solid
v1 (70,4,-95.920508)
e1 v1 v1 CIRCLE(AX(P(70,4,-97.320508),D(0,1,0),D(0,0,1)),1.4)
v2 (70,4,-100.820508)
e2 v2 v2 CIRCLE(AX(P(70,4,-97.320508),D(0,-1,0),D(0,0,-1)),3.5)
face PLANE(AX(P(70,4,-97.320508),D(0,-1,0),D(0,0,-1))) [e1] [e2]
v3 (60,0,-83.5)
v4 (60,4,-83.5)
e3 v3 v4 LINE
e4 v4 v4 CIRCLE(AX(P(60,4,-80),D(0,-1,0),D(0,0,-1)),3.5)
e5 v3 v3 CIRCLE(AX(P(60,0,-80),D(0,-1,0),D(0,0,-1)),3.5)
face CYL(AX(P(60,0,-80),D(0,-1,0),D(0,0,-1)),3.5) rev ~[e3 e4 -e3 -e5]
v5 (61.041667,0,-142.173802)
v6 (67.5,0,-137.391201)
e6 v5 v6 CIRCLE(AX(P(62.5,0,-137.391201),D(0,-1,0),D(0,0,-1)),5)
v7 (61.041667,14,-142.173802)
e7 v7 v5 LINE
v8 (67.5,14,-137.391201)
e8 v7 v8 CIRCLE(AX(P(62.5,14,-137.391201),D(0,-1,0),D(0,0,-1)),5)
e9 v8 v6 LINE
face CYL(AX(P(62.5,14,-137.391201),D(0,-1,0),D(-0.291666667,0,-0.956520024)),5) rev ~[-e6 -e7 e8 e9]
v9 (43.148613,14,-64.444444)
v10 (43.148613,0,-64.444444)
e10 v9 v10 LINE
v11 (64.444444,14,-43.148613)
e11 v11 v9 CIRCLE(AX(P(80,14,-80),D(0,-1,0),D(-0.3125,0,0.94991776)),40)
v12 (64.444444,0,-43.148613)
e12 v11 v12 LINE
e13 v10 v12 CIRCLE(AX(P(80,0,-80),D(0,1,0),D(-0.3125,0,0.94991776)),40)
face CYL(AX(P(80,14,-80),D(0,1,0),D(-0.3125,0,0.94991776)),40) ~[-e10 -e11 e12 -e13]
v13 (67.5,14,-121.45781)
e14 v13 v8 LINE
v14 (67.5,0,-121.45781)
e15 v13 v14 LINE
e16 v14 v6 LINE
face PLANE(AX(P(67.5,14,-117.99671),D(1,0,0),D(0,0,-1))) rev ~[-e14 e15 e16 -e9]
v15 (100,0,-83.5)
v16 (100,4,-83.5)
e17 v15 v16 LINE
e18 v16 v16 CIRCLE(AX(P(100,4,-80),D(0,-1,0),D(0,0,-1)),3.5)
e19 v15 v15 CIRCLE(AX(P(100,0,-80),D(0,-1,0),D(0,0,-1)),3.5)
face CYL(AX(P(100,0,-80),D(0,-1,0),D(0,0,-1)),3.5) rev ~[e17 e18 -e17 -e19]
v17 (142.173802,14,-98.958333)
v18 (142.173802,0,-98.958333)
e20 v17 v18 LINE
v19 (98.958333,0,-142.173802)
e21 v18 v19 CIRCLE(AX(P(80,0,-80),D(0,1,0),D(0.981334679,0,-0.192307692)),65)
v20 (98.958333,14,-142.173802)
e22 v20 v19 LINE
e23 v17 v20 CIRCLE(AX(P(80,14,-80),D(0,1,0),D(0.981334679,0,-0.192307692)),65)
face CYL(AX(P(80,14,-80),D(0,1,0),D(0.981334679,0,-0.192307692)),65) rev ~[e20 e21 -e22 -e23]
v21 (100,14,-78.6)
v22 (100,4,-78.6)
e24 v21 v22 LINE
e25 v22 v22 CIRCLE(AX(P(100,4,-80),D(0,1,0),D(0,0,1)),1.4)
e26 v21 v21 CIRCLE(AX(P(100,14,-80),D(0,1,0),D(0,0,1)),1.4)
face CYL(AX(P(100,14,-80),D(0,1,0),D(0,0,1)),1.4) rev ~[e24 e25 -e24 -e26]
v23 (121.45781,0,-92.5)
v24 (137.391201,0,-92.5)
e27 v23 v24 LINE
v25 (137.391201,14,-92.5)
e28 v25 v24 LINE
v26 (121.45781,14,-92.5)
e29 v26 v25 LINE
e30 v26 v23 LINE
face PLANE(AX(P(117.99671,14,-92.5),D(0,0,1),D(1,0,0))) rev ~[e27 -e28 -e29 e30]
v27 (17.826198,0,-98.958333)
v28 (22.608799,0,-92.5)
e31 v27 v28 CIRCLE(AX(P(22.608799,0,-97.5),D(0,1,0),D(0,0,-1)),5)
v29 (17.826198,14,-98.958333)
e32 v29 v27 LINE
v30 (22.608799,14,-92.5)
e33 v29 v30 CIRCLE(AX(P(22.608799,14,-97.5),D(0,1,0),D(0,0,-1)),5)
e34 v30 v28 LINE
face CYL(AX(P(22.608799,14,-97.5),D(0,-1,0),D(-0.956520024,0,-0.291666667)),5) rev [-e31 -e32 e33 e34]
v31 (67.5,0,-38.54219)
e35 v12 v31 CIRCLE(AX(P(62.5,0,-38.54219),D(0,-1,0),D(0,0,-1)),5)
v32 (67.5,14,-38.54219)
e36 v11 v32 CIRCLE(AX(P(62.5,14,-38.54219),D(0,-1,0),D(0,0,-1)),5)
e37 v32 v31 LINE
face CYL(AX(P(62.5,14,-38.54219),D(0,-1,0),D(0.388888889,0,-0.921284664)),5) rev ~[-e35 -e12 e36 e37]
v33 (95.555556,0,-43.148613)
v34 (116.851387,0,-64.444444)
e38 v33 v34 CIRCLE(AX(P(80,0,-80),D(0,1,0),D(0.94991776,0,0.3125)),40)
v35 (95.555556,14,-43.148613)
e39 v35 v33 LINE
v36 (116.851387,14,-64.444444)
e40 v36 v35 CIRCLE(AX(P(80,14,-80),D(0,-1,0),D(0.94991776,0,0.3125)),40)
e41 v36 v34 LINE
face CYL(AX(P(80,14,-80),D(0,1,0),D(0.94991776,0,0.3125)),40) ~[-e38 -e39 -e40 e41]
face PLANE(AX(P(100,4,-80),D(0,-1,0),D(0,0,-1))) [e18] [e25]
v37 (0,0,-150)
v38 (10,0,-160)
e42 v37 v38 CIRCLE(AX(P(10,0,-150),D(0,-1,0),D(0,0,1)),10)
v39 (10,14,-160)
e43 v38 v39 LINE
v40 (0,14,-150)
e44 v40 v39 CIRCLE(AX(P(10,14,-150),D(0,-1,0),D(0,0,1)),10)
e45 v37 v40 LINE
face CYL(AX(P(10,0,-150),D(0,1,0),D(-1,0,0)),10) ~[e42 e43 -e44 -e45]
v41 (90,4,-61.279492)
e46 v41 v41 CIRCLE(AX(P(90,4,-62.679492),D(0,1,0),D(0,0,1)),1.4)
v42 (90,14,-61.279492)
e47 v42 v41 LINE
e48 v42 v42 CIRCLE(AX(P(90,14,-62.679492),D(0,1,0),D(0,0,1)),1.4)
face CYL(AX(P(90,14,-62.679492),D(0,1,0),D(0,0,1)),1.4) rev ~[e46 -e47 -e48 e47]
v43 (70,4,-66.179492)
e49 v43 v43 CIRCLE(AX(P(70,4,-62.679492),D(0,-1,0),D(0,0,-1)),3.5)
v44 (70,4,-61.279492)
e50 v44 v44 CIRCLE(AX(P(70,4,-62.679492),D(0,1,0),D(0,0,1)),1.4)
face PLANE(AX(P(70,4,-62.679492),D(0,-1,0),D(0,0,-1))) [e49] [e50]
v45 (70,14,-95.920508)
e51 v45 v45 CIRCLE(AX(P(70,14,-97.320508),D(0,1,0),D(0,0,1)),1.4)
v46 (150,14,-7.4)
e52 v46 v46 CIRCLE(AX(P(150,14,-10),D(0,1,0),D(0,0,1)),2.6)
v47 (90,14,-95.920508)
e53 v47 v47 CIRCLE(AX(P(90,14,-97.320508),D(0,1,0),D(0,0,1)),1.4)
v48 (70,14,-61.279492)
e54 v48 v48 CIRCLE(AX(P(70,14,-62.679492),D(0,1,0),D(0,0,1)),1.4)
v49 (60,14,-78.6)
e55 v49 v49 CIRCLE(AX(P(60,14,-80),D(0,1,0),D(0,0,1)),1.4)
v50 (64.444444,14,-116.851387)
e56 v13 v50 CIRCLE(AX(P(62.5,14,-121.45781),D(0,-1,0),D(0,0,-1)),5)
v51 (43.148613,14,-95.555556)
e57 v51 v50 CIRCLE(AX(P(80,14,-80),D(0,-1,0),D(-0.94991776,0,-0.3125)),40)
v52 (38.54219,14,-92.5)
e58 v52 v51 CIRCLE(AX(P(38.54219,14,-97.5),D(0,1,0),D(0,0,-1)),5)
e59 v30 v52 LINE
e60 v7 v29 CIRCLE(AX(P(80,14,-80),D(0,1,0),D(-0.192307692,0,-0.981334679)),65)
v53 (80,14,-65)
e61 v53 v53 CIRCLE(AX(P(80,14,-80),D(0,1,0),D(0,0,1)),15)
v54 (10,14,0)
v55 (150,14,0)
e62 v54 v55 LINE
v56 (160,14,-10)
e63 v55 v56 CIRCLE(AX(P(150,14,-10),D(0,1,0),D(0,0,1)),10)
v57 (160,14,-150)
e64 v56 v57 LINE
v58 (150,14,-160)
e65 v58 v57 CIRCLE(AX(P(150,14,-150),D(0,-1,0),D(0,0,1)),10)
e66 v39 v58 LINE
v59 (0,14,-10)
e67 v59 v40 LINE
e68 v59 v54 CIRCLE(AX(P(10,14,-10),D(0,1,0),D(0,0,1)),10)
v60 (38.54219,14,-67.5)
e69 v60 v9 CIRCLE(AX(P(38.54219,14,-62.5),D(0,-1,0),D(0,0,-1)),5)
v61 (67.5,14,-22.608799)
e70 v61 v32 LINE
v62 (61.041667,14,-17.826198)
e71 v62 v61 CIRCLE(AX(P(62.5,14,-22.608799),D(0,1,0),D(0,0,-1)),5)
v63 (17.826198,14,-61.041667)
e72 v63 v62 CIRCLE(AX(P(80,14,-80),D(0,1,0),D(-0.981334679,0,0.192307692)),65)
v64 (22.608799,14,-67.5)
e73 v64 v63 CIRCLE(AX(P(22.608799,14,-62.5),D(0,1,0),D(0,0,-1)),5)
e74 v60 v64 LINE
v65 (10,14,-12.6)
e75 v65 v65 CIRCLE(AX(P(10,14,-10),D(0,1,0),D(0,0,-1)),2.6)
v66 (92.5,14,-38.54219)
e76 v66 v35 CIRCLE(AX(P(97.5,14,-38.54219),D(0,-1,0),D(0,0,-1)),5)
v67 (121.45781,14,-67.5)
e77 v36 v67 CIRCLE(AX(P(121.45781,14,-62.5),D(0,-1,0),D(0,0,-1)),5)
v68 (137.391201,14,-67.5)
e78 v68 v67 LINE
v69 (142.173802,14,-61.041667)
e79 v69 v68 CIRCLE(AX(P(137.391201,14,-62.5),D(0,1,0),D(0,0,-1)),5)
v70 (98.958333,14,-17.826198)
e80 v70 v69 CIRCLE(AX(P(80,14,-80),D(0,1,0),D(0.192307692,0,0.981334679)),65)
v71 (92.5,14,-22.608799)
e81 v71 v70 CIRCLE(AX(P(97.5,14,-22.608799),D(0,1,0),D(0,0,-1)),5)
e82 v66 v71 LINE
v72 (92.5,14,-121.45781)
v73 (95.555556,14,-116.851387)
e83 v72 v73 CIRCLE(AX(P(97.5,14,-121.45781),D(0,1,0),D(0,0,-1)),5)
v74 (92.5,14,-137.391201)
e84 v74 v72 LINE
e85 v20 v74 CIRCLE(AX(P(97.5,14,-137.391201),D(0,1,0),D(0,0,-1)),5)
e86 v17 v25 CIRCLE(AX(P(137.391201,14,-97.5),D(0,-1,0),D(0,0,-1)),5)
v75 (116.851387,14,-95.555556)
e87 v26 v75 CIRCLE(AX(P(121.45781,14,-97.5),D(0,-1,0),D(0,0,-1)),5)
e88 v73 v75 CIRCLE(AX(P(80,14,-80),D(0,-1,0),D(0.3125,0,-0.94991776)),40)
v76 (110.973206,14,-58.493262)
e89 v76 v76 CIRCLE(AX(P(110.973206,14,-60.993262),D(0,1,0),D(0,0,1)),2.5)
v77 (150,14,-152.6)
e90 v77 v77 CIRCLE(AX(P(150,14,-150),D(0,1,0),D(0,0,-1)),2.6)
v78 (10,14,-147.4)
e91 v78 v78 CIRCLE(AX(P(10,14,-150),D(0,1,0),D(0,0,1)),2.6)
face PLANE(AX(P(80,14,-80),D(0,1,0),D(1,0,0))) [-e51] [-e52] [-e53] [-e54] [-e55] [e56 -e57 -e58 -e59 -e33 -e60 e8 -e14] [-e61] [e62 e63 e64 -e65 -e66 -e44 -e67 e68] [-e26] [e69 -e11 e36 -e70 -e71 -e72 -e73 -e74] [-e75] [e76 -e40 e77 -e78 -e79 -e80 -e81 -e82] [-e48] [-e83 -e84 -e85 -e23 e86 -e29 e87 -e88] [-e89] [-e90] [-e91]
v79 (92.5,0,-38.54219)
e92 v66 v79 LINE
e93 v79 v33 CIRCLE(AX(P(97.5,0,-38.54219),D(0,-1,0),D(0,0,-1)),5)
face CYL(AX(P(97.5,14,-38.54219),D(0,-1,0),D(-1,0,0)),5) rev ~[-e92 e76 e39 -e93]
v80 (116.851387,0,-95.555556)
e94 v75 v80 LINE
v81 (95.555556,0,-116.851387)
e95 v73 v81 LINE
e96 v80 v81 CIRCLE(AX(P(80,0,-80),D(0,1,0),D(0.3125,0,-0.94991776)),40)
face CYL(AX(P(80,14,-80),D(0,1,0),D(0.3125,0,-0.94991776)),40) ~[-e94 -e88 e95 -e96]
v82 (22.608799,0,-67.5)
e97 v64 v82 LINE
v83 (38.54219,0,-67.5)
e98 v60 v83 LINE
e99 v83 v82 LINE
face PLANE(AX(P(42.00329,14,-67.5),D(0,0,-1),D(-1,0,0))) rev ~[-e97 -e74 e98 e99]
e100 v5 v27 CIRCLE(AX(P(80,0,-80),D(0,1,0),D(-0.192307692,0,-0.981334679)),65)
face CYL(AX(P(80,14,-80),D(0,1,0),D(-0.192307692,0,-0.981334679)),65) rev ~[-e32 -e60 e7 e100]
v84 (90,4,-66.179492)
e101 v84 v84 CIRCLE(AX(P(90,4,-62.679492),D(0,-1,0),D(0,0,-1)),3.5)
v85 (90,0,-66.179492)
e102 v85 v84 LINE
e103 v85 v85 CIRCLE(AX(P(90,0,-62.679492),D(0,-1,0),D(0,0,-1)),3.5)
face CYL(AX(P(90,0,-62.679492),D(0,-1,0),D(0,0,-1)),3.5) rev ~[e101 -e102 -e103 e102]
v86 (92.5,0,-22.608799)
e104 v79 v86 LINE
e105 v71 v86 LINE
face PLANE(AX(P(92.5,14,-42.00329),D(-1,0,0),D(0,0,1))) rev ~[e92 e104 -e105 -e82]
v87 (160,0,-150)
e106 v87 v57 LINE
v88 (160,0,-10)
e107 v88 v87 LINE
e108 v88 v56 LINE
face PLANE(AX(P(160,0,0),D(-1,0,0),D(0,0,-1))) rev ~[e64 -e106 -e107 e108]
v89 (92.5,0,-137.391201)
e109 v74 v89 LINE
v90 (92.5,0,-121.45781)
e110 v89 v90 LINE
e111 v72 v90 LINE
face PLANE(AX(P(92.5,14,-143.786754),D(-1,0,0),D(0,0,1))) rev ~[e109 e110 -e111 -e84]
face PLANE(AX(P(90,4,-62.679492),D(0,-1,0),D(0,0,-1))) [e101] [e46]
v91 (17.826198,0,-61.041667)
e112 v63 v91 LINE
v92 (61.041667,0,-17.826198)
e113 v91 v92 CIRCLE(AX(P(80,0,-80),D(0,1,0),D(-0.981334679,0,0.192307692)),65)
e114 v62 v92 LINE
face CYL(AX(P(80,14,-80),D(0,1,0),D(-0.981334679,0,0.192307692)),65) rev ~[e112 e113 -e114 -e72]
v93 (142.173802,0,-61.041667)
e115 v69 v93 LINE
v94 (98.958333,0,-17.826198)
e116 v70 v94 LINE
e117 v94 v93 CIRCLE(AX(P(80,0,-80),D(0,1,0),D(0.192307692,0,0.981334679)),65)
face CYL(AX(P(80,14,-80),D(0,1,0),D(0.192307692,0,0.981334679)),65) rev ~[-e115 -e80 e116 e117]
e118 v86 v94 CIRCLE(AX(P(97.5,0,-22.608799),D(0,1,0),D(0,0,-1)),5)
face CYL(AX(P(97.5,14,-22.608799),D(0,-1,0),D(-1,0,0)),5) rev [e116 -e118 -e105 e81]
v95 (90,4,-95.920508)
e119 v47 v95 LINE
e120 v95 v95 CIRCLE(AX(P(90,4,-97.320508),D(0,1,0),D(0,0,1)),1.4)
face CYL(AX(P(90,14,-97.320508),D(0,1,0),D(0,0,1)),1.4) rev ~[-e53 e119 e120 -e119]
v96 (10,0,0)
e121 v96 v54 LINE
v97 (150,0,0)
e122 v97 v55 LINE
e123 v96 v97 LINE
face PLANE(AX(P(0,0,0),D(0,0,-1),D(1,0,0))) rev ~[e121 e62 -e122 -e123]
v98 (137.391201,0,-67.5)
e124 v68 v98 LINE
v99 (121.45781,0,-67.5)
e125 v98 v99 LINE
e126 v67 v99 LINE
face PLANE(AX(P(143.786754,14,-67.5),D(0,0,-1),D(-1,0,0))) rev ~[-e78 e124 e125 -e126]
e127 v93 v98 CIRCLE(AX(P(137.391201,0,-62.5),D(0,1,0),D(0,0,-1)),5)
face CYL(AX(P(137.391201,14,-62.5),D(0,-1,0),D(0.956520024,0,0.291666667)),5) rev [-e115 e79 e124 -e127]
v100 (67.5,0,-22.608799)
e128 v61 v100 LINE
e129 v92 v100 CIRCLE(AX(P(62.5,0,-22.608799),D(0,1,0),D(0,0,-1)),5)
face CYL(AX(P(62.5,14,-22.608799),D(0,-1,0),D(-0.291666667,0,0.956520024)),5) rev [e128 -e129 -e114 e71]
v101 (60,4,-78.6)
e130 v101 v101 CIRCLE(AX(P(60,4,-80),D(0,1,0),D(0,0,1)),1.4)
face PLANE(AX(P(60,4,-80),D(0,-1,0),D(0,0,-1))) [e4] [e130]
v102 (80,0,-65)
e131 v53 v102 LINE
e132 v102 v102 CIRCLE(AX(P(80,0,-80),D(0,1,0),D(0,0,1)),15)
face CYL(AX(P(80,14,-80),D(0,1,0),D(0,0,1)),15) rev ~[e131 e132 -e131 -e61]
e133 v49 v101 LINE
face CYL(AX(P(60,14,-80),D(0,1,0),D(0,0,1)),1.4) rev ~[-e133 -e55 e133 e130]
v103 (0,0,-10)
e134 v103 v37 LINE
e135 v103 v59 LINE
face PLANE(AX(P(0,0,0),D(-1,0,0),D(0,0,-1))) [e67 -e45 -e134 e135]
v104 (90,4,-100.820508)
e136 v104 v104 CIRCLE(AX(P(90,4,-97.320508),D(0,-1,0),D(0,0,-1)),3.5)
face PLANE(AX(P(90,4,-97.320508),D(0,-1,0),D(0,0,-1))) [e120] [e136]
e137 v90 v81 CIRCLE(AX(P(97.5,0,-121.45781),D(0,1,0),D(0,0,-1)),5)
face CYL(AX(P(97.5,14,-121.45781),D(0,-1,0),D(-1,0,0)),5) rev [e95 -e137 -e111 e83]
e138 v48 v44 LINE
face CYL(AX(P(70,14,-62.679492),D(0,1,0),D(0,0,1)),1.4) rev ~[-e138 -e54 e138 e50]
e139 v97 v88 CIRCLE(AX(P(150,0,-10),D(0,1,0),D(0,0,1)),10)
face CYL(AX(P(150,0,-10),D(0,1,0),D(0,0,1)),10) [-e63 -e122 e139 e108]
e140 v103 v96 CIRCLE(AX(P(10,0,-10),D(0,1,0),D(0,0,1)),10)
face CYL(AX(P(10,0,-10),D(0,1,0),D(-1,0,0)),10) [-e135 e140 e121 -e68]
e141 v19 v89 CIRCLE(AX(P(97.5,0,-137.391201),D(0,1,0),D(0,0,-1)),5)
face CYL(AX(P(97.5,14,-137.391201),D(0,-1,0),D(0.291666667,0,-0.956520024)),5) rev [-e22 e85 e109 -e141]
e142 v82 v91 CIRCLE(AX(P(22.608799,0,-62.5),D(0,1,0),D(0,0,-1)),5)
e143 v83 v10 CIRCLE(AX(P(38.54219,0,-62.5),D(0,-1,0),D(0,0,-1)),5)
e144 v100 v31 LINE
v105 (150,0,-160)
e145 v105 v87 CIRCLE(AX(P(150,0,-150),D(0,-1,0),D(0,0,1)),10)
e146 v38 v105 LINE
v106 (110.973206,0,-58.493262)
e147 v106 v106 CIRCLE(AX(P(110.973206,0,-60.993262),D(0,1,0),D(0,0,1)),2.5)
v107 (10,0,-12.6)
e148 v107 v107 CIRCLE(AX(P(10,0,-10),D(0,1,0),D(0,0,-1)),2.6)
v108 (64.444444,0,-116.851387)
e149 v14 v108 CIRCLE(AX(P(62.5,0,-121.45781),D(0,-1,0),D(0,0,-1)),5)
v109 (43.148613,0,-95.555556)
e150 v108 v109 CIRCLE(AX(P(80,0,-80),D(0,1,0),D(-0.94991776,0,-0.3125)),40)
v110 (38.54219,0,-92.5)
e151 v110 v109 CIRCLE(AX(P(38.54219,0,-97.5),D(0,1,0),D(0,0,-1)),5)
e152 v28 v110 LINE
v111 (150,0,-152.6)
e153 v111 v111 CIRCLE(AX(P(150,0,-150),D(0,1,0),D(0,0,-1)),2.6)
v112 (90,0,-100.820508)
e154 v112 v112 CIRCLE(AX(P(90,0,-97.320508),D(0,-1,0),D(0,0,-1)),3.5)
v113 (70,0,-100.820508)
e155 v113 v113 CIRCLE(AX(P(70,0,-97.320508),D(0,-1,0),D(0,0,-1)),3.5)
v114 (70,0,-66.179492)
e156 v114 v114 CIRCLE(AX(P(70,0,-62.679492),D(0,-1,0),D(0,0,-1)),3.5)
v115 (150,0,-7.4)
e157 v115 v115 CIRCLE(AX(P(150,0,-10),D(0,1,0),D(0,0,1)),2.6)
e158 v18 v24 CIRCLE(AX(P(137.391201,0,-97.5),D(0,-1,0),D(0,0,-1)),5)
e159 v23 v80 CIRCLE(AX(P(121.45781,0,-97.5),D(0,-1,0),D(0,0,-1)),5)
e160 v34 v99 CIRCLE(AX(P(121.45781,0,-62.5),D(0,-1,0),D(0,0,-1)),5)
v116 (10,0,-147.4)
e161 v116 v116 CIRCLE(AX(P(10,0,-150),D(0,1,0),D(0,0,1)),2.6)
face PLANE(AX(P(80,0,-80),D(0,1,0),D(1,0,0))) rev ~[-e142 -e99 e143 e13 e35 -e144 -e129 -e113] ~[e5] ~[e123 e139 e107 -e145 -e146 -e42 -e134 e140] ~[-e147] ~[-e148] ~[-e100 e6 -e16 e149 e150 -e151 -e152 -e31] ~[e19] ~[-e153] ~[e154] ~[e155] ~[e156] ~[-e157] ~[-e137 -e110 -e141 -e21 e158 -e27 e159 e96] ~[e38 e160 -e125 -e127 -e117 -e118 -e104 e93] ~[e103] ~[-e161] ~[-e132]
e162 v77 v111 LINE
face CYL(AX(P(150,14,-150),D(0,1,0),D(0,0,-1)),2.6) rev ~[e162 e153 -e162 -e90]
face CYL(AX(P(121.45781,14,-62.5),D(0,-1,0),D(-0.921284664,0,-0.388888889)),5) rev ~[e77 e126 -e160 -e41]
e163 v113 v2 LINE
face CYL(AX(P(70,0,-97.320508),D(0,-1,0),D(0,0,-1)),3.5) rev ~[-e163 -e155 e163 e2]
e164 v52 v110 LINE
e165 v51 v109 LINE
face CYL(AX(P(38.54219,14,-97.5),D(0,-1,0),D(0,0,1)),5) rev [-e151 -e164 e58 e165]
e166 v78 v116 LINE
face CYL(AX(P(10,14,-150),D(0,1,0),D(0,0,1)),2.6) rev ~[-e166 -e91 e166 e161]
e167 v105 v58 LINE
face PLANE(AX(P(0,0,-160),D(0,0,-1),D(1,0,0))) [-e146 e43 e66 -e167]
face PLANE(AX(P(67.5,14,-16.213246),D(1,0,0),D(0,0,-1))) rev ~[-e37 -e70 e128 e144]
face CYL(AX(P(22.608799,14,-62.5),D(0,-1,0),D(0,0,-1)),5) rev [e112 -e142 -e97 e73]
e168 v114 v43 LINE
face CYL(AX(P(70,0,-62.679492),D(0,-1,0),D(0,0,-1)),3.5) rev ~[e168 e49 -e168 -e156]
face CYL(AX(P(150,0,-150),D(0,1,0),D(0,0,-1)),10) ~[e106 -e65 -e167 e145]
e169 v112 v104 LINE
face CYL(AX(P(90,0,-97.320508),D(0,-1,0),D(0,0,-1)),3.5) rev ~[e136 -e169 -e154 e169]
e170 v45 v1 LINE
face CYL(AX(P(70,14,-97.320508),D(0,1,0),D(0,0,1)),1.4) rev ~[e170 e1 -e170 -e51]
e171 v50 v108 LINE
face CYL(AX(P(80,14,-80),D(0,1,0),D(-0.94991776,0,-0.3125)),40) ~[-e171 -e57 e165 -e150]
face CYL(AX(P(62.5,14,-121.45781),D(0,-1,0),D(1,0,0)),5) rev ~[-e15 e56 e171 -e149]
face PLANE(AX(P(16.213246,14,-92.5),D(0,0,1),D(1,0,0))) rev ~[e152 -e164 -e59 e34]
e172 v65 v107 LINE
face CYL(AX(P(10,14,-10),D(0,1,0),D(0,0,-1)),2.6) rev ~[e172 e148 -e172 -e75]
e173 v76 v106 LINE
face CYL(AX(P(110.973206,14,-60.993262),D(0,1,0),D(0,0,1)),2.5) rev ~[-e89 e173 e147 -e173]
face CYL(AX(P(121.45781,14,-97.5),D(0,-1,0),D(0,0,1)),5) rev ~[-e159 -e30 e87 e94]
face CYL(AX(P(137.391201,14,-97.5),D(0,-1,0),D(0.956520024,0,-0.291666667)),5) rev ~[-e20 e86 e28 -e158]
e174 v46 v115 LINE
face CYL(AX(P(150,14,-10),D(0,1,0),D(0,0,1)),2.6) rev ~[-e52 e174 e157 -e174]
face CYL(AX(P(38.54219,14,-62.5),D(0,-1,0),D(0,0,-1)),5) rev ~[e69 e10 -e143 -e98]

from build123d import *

# Parameters (mm, degrees)
SKETCH_1_W          = 160
SKETCH_1_H          = 160
EXTRUDE_1_DEPTH     = 14
SKETCH_2_R          = 15
SKETCH_2_R_2        = 1.4
CUT_EXTRUDE_1_DEPTH = 16
SKETCH_3_R          = 2.6
CUT_EXTRUDE_2_DEPTH = 20
FILLET_1_R          = 10
SKETCH_5_R          = 3.5
CUT_EXTRUDE_3_DEPTH = 4
CUT_EXTRUDE_4_DEPTH = 20
SKETCH_7_R          = 2.5
CUT_EXTRUDE_5_DEPTH = 20
FILLET_2_R          = 5
FILLET_3_R          = 5


with BuildPart() as part:
    # 草图1 → 凸台-拉伸1 (new body)
    with BuildSketch(Plane(origin=(0, 0, 0), x_dir=(1, 0, 0), z_dir=(0, 1, 0))):
        with Locations((80, 80)):
            Rectangle(SKETCH_1_W, SKETCH_1_H)
    extrude(amount=EXTRUDE_1_DEPTH)

    # 草图2 → 切除-拉伸1 (cut)
    with BuildSketch(Plane(origin=(0, 14, 0), x_dir=(1, 0, 0), z_dir=(0, 1, 0))):
        with Locations(Location((80, 80, 0), (0, 0, 270))):
            Circle(SKETCH_2_R)
        with Locations(Location((60, 80, 0), (0, 0, 270))):
            Circle(SKETCH_2_R_2)
        with Locations(Location((70, 97.320508076, 0), (0, 0, 270))):
            Circle(SKETCH_2_R_2)
        with Locations(Location((90, 97.320508076, 0), (0, 0, 270))):
            Circle(SKETCH_2_R_2)
        with Locations(Location((100, 80, 0), (0, 0, 270))):
            Circle(SKETCH_2_R_2)
        with Locations(Location((90, 62.679491924, 0), (0, 0, 270))):
            Circle(SKETCH_2_R_2)
        with Locations(Location((70, 62.679491924, 0), (0, 0, 270))):
            Circle(SKETCH_2_R_2)
    extrude(amount=-CUT_EXTRUDE_1_DEPTH, mode=Mode.SUBTRACT)

    # 草图3 → 切除-拉伸2 (cut)
    with BuildSketch(Plane(origin=(0, 14, 0), x_dir=(1, 0, 0), z_dir=(0, 1, 0))):
        with Locations(Location((10, 150, 0), (0, 0, 270))):
            Circle(SKETCH_3_R)
        with Locations(Location((150, 150, 0), (0, 0, 90))):
            Circle(SKETCH_3_R)
        with Locations(Location((150, 10, 0), (0, 0, 270))):
            Circle(SKETCH_3_R)
        with Locations(Location((10, 10, 0), (0, 0, 90))):
            Circle(SKETCH_3_R)
    extrude(amount=-CUT_EXTRUDE_2_DEPTH, mode=Mode.SUBTRACT)

    # 圆角1
    fillet_1_edges = [part.edges().sort_by_distance(p)[0] for p in [
        (0, 7, -160),
        (160, 7, -160),
        (160, 7, 0),
        (0, 7, 0),
    ]]
    fillet(fillet_1_edges, radius=FILLET_1_R)

    # 草图5 → 切除-拉伸3 (cut)
    with BuildSketch(Plane.XZ):
        with Locations(Location((100, -80, 0), (0, 0, 270))):
            Circle(SKETCH_5_R)
        with Locations(Location((90, -97.320508076, 0), (0, 0, 270))):
            Circle(SKETCH_5_R)
        with Locations(Location((70, -97.320508076, 0), (0, 0, 270))):
            Circle(SKETCH_5_R)
        with Locations(Location((60, -80, 0), (0, 0, 270))):
            Circle(SKETCH_5_R)
        with Locations(Location((70, -62.679491924, 0), (0, 0, 270))):
            Circle(SKETCH_5_R)
        with Locations(Location((90, -62.679491924, 0), (0, 0, 270))):
            Circle(SKETCH_5_R)
    extrude(amount=-CUT_EXTRUDE_3_DEPTH, mode=Mode.SUBTRACT)

    # 草图6 → 切除-拉伸4 (cut)
    with BuildSketch(Plane(origin=(0, 14, 0), x_dir=(1, 0, 0), z_dir=(0, 1, 0))):
        with BuildLine():
            ThreePointArc((67.5, 143.786754111), (34.038059223, 125.961940777), (16.213245889, 92.5))
            Line((16.213245889, 92.5), (42.003289616, 92.5))
            ThreePointArc((42.003289616, 92.5), (51.715728753, 108.284271247), (67.5, 117.996710384))
            Line((67.5, 117.996710384), (67.5, 143.786754111))
        make_face()
        with BuildLine():
            ThreePointArc((143.786754111, 92.5), (125.961940777, 125.961940777), (92.5, 143.786754111))
            Line((92.5, 143.786754111), (92.5, 117.996710384))
            ThreePointArc((92.5, 117.996710384), (108.284271247, 108.284271247), (117.996710384, 92.5))
            Line((117.996710384, 92.5), (143.786754111, 92.5))
        make_face()
        with BuildLine():
            Line((92.5, 42.003289616), (92.5, 16.213245889))
            ThreePointArc((92.5, 16.213245889), (125.961940777, 34.038059223), (143.786754111, 67.5))
            Line((143.786754111, 67.5), (117.996710384, 67.5))
            ThreePointArc((117.996710384, 67.5), (108.284271247, 51.715728753), (92.5, 42.003289616))
        make_face()
        with BuildLine():
            Line((42.003289616, 67.5), (16.213245889, 67.5))
            ThreePointArc((16.213245889, 67.5), (34.038059223, 34.038059223), (67.5, 16.213245889))
            Line((67.5, 16.213245889), (67.5, 42.003289616))
            ThreePointArc((67.5, 42.003289616), (51.715728753, 51.715728753), (42.003289616, 67.5))
        make_face()
    extrude(amount=-CUT_EXTRUDE_4_DEPTH, mode=Mode.SUBTRACT)

    # 草图7 → 切除-拉伸5 (cut)
    with BuildSketch(Plane(origin=(0, 14, 0), x_dir=(1, 0, 0), z_dir=(0, 1, 0))):
        with Locations(Location((110.973206237, 60.993261842, 0), (0, 0, 270))):
            Circle(SKETCH_7_R)
    extrude(amount=-CUT_EXTRUDE_5_DEPTH, mode=Mode.SUBTRACT)

    # 圆角2
    fillet_2_edges = [part.edges().sort_by_distance(p)[0] for p in [
        (67.5, 7, -143.786754111),
        (67.5, 7, -117.996710384),
        (42.003289616, 7, -92.5),
        (16.213245889, 7, -92.5),
    ]]
    fillet(fillet_2_edges, radius=FILLET_2_R)

    # 圆角3
    fillet_3_edges = [part.edges().sort_by_distance(p)[0] for p in [
        (16.213245889, 7, -67.5),
        (42.003289616, 7, -67.5),
        (67.5, 7, -42.003289616),
        (67.5, 7, -16.213245889),
        (92.5, 7, -16.213245889),
        (92.5, 7, -42.003289616),
        (117.996710384, 7, -67.5),
        (143.786754111, 7, -67.5),
        (143.786754111, 7, -92.5),
        (117.996710384, 7, -92.5),
        (92.5, 7, -117.996710384),
        (92.5, 7, -143.786754111),
    ]]
    fillet(fillet_3_edges, radius=FILLET_3_R)


solid = part.part
